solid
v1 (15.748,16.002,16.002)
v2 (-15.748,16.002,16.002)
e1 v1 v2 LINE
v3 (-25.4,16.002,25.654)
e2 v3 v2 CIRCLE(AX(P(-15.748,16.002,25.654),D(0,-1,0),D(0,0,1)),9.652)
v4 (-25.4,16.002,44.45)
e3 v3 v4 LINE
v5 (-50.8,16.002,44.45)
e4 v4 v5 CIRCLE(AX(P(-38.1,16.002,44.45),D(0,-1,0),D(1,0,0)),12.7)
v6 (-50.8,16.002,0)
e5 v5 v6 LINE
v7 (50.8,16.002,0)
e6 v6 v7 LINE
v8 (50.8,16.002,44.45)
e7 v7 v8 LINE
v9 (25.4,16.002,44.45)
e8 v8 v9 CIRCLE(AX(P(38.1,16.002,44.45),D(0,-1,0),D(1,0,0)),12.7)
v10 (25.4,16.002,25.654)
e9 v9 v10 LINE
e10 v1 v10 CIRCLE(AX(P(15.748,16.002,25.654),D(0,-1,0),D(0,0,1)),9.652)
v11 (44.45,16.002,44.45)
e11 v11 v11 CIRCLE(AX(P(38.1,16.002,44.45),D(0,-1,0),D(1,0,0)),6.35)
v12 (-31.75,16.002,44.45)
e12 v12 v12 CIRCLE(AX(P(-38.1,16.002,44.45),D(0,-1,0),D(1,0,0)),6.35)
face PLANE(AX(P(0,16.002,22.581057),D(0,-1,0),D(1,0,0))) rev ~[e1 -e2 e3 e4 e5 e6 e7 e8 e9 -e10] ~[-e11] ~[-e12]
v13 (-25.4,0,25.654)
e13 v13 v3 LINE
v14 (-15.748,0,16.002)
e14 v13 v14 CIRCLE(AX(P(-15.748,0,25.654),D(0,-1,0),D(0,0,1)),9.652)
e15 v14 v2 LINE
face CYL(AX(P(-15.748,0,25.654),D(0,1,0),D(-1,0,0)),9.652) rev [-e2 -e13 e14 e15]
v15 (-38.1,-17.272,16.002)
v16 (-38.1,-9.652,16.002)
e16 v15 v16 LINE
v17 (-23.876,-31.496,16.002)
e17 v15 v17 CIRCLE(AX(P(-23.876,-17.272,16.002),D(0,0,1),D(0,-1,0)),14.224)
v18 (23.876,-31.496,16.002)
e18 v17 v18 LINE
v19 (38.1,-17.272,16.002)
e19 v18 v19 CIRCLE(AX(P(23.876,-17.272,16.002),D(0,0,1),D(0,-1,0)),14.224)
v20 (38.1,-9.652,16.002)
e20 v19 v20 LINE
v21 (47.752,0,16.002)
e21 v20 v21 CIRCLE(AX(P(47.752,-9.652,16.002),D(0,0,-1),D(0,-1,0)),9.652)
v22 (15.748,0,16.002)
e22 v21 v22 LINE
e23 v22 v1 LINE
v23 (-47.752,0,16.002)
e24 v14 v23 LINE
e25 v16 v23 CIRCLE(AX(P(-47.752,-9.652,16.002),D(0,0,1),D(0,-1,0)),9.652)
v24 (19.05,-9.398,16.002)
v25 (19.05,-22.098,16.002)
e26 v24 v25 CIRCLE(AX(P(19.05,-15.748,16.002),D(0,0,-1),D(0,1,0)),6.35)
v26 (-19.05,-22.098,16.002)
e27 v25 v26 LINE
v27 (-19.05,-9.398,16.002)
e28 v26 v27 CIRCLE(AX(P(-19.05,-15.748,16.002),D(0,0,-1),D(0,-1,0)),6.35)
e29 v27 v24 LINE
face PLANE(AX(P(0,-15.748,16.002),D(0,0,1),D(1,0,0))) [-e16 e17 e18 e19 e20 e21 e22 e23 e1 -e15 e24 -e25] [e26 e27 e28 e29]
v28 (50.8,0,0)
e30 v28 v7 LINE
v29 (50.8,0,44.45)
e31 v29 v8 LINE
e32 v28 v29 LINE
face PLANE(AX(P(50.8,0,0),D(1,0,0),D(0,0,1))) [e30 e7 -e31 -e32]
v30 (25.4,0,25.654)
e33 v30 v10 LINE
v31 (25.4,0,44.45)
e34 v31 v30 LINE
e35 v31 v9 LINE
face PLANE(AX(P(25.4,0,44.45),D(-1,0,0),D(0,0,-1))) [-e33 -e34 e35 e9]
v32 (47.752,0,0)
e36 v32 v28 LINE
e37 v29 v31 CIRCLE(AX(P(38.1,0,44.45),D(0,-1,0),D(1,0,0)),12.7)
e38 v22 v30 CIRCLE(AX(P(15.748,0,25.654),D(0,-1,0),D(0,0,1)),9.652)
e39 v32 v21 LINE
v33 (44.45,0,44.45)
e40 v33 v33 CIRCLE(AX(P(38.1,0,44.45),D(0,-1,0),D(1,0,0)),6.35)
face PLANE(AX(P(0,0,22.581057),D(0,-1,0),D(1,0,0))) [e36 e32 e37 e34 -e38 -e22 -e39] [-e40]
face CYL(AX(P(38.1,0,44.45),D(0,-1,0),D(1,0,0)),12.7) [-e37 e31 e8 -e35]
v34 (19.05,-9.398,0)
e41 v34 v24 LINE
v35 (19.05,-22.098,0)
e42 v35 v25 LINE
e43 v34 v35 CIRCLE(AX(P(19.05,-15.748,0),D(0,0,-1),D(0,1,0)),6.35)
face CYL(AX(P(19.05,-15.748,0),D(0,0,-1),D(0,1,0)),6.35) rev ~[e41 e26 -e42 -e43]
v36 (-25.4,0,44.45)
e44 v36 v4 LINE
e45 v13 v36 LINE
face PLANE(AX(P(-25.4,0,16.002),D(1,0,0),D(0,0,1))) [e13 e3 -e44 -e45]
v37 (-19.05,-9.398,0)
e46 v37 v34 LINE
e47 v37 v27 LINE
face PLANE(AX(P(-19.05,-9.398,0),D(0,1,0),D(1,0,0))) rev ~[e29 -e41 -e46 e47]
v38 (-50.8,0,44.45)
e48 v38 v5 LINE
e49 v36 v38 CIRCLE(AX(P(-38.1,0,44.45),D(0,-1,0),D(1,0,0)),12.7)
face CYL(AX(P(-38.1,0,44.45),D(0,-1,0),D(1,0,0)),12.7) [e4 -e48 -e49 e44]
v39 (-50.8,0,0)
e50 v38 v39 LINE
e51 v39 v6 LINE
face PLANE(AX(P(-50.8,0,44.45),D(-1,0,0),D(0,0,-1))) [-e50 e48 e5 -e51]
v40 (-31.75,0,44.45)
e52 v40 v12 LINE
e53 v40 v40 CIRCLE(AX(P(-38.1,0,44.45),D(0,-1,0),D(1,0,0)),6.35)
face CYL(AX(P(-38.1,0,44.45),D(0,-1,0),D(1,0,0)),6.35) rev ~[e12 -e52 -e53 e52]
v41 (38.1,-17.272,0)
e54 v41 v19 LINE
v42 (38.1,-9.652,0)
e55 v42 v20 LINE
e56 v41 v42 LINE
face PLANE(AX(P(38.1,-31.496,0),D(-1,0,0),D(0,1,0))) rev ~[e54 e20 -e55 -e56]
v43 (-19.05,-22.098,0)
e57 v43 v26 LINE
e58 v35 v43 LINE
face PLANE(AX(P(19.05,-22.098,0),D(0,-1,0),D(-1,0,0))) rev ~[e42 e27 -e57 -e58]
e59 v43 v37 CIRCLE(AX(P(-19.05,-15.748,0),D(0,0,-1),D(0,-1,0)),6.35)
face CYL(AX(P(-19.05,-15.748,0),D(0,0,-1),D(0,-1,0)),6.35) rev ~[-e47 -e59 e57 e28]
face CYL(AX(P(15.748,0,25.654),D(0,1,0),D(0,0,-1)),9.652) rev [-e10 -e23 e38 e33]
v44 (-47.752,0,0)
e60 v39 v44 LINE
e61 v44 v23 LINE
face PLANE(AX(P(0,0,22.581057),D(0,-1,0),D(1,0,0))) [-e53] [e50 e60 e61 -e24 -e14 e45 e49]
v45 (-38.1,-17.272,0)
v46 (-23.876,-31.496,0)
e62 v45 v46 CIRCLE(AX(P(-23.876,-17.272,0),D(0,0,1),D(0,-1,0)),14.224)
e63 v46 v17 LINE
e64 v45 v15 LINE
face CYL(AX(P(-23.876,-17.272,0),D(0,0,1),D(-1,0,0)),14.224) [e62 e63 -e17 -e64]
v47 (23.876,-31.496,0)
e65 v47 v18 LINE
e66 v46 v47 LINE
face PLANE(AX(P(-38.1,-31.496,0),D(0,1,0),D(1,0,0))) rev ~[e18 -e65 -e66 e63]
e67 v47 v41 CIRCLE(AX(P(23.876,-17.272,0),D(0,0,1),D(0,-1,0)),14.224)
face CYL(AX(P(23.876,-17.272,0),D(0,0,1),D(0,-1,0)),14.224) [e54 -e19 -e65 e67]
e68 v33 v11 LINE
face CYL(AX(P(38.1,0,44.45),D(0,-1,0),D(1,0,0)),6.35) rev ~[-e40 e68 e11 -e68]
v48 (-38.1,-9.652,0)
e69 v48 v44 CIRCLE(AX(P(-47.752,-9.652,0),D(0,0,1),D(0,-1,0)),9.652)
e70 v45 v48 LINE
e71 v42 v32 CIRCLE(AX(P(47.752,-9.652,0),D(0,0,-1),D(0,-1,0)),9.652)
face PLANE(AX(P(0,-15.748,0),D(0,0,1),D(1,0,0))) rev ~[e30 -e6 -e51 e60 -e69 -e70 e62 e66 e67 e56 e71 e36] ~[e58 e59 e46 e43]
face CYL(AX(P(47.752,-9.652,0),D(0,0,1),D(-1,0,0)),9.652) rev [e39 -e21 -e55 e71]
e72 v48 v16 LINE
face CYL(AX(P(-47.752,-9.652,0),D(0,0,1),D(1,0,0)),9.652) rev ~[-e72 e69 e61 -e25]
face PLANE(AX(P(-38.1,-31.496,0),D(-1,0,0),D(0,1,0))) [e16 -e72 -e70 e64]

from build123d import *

# Parameters (mm, degrees)
F0_R     = 6.35
F1_DEPTH = 16.002
F2_R     = 9.652
F3_W     = 76.2
F3_H     = 31.496
F4_DEPTH = 16.002
F5_R     = 14.224
F6_R     = 9.652


with BuildPart() as f1:
    # F0 (on Front) → F1 (new body)
    with BuildSketch(Plane.XZ):
        with BuildLine():
            Line((-50.8, 44.45), (-50.8, 0))
            Line((-50.8, 0), (50.8, 0))
            Line((50.8, 0), (50.8, 44.45))
            ThreePointArc((50.8, 44.45), (38.1, 57.15), (25.4, 44.45))
            Line((25.4, 44.45), (25.4, 16.002))
            Line((25.4, 16.002), (-25.4, 16.002))
            Line((-25.4, 16.002), (-25.4, 44.45))
            ThreePointArc((-25.4, 44.45), (-38.1, 57.15), (-50.8, 44.45))
        make_face()
        with Locations((-38.1, 44.45)):
            Circle(F0_R, mode=Mode.SUBTRACT)
        with Locations((38.1, 44.45)):
            Circle(F0_R, mode=Mode.SUBTRACT)
    extrude(amount=-F1_DEPTH)

    # F2
    f2_edges = [f1.edges().sort_by_distance(p)[0] for p in [
        (-25.4, 8.001, 16.002),
        (25.4, 8.001, 16.002),
    ]]
    fillet(f2_edges, radius=F2_R)

    # F3 (on Top) → F4 (join)
    with BuildSketch(Plane.XY):
        with Locations((0, -15.748)):
            Rectangle(F3_W, F3_H)
        with BuildLine():
            ThreePointArc((-19.05, -22.098), (-25.4, -15.748), (-19.05, -9.398))
            Line((-19.05, -9.398), (19.05, -9.398))
            ThreePointArc((19.05, -9.398), (25.4, -15.748), (19.05, -22.098))
            Line((19.05, -22.098), (-19.05, -22.098))
        make_face(mode=Mode.SUBTRACT)
    extrude(amount=F4_DEPTH)

    # F5
    f5_edges = [f1.edges().sort_by_distance(p)[0] for p in [
        (38.1, -31.496, 8.001),
        (-38.1, -31.496, 8.001),
    ]]
    fillet(f5_edges, radius=F5_R)

    # F6
    f6_edges = [f1.edges().sort_by_distance(p)[0] for p in [
        (38.1, 0, 8.001),
        (-38.1, 0, 8.001),
    ]]
    fillet(f6_edges, radius=F6_R)


solid = f1.part
